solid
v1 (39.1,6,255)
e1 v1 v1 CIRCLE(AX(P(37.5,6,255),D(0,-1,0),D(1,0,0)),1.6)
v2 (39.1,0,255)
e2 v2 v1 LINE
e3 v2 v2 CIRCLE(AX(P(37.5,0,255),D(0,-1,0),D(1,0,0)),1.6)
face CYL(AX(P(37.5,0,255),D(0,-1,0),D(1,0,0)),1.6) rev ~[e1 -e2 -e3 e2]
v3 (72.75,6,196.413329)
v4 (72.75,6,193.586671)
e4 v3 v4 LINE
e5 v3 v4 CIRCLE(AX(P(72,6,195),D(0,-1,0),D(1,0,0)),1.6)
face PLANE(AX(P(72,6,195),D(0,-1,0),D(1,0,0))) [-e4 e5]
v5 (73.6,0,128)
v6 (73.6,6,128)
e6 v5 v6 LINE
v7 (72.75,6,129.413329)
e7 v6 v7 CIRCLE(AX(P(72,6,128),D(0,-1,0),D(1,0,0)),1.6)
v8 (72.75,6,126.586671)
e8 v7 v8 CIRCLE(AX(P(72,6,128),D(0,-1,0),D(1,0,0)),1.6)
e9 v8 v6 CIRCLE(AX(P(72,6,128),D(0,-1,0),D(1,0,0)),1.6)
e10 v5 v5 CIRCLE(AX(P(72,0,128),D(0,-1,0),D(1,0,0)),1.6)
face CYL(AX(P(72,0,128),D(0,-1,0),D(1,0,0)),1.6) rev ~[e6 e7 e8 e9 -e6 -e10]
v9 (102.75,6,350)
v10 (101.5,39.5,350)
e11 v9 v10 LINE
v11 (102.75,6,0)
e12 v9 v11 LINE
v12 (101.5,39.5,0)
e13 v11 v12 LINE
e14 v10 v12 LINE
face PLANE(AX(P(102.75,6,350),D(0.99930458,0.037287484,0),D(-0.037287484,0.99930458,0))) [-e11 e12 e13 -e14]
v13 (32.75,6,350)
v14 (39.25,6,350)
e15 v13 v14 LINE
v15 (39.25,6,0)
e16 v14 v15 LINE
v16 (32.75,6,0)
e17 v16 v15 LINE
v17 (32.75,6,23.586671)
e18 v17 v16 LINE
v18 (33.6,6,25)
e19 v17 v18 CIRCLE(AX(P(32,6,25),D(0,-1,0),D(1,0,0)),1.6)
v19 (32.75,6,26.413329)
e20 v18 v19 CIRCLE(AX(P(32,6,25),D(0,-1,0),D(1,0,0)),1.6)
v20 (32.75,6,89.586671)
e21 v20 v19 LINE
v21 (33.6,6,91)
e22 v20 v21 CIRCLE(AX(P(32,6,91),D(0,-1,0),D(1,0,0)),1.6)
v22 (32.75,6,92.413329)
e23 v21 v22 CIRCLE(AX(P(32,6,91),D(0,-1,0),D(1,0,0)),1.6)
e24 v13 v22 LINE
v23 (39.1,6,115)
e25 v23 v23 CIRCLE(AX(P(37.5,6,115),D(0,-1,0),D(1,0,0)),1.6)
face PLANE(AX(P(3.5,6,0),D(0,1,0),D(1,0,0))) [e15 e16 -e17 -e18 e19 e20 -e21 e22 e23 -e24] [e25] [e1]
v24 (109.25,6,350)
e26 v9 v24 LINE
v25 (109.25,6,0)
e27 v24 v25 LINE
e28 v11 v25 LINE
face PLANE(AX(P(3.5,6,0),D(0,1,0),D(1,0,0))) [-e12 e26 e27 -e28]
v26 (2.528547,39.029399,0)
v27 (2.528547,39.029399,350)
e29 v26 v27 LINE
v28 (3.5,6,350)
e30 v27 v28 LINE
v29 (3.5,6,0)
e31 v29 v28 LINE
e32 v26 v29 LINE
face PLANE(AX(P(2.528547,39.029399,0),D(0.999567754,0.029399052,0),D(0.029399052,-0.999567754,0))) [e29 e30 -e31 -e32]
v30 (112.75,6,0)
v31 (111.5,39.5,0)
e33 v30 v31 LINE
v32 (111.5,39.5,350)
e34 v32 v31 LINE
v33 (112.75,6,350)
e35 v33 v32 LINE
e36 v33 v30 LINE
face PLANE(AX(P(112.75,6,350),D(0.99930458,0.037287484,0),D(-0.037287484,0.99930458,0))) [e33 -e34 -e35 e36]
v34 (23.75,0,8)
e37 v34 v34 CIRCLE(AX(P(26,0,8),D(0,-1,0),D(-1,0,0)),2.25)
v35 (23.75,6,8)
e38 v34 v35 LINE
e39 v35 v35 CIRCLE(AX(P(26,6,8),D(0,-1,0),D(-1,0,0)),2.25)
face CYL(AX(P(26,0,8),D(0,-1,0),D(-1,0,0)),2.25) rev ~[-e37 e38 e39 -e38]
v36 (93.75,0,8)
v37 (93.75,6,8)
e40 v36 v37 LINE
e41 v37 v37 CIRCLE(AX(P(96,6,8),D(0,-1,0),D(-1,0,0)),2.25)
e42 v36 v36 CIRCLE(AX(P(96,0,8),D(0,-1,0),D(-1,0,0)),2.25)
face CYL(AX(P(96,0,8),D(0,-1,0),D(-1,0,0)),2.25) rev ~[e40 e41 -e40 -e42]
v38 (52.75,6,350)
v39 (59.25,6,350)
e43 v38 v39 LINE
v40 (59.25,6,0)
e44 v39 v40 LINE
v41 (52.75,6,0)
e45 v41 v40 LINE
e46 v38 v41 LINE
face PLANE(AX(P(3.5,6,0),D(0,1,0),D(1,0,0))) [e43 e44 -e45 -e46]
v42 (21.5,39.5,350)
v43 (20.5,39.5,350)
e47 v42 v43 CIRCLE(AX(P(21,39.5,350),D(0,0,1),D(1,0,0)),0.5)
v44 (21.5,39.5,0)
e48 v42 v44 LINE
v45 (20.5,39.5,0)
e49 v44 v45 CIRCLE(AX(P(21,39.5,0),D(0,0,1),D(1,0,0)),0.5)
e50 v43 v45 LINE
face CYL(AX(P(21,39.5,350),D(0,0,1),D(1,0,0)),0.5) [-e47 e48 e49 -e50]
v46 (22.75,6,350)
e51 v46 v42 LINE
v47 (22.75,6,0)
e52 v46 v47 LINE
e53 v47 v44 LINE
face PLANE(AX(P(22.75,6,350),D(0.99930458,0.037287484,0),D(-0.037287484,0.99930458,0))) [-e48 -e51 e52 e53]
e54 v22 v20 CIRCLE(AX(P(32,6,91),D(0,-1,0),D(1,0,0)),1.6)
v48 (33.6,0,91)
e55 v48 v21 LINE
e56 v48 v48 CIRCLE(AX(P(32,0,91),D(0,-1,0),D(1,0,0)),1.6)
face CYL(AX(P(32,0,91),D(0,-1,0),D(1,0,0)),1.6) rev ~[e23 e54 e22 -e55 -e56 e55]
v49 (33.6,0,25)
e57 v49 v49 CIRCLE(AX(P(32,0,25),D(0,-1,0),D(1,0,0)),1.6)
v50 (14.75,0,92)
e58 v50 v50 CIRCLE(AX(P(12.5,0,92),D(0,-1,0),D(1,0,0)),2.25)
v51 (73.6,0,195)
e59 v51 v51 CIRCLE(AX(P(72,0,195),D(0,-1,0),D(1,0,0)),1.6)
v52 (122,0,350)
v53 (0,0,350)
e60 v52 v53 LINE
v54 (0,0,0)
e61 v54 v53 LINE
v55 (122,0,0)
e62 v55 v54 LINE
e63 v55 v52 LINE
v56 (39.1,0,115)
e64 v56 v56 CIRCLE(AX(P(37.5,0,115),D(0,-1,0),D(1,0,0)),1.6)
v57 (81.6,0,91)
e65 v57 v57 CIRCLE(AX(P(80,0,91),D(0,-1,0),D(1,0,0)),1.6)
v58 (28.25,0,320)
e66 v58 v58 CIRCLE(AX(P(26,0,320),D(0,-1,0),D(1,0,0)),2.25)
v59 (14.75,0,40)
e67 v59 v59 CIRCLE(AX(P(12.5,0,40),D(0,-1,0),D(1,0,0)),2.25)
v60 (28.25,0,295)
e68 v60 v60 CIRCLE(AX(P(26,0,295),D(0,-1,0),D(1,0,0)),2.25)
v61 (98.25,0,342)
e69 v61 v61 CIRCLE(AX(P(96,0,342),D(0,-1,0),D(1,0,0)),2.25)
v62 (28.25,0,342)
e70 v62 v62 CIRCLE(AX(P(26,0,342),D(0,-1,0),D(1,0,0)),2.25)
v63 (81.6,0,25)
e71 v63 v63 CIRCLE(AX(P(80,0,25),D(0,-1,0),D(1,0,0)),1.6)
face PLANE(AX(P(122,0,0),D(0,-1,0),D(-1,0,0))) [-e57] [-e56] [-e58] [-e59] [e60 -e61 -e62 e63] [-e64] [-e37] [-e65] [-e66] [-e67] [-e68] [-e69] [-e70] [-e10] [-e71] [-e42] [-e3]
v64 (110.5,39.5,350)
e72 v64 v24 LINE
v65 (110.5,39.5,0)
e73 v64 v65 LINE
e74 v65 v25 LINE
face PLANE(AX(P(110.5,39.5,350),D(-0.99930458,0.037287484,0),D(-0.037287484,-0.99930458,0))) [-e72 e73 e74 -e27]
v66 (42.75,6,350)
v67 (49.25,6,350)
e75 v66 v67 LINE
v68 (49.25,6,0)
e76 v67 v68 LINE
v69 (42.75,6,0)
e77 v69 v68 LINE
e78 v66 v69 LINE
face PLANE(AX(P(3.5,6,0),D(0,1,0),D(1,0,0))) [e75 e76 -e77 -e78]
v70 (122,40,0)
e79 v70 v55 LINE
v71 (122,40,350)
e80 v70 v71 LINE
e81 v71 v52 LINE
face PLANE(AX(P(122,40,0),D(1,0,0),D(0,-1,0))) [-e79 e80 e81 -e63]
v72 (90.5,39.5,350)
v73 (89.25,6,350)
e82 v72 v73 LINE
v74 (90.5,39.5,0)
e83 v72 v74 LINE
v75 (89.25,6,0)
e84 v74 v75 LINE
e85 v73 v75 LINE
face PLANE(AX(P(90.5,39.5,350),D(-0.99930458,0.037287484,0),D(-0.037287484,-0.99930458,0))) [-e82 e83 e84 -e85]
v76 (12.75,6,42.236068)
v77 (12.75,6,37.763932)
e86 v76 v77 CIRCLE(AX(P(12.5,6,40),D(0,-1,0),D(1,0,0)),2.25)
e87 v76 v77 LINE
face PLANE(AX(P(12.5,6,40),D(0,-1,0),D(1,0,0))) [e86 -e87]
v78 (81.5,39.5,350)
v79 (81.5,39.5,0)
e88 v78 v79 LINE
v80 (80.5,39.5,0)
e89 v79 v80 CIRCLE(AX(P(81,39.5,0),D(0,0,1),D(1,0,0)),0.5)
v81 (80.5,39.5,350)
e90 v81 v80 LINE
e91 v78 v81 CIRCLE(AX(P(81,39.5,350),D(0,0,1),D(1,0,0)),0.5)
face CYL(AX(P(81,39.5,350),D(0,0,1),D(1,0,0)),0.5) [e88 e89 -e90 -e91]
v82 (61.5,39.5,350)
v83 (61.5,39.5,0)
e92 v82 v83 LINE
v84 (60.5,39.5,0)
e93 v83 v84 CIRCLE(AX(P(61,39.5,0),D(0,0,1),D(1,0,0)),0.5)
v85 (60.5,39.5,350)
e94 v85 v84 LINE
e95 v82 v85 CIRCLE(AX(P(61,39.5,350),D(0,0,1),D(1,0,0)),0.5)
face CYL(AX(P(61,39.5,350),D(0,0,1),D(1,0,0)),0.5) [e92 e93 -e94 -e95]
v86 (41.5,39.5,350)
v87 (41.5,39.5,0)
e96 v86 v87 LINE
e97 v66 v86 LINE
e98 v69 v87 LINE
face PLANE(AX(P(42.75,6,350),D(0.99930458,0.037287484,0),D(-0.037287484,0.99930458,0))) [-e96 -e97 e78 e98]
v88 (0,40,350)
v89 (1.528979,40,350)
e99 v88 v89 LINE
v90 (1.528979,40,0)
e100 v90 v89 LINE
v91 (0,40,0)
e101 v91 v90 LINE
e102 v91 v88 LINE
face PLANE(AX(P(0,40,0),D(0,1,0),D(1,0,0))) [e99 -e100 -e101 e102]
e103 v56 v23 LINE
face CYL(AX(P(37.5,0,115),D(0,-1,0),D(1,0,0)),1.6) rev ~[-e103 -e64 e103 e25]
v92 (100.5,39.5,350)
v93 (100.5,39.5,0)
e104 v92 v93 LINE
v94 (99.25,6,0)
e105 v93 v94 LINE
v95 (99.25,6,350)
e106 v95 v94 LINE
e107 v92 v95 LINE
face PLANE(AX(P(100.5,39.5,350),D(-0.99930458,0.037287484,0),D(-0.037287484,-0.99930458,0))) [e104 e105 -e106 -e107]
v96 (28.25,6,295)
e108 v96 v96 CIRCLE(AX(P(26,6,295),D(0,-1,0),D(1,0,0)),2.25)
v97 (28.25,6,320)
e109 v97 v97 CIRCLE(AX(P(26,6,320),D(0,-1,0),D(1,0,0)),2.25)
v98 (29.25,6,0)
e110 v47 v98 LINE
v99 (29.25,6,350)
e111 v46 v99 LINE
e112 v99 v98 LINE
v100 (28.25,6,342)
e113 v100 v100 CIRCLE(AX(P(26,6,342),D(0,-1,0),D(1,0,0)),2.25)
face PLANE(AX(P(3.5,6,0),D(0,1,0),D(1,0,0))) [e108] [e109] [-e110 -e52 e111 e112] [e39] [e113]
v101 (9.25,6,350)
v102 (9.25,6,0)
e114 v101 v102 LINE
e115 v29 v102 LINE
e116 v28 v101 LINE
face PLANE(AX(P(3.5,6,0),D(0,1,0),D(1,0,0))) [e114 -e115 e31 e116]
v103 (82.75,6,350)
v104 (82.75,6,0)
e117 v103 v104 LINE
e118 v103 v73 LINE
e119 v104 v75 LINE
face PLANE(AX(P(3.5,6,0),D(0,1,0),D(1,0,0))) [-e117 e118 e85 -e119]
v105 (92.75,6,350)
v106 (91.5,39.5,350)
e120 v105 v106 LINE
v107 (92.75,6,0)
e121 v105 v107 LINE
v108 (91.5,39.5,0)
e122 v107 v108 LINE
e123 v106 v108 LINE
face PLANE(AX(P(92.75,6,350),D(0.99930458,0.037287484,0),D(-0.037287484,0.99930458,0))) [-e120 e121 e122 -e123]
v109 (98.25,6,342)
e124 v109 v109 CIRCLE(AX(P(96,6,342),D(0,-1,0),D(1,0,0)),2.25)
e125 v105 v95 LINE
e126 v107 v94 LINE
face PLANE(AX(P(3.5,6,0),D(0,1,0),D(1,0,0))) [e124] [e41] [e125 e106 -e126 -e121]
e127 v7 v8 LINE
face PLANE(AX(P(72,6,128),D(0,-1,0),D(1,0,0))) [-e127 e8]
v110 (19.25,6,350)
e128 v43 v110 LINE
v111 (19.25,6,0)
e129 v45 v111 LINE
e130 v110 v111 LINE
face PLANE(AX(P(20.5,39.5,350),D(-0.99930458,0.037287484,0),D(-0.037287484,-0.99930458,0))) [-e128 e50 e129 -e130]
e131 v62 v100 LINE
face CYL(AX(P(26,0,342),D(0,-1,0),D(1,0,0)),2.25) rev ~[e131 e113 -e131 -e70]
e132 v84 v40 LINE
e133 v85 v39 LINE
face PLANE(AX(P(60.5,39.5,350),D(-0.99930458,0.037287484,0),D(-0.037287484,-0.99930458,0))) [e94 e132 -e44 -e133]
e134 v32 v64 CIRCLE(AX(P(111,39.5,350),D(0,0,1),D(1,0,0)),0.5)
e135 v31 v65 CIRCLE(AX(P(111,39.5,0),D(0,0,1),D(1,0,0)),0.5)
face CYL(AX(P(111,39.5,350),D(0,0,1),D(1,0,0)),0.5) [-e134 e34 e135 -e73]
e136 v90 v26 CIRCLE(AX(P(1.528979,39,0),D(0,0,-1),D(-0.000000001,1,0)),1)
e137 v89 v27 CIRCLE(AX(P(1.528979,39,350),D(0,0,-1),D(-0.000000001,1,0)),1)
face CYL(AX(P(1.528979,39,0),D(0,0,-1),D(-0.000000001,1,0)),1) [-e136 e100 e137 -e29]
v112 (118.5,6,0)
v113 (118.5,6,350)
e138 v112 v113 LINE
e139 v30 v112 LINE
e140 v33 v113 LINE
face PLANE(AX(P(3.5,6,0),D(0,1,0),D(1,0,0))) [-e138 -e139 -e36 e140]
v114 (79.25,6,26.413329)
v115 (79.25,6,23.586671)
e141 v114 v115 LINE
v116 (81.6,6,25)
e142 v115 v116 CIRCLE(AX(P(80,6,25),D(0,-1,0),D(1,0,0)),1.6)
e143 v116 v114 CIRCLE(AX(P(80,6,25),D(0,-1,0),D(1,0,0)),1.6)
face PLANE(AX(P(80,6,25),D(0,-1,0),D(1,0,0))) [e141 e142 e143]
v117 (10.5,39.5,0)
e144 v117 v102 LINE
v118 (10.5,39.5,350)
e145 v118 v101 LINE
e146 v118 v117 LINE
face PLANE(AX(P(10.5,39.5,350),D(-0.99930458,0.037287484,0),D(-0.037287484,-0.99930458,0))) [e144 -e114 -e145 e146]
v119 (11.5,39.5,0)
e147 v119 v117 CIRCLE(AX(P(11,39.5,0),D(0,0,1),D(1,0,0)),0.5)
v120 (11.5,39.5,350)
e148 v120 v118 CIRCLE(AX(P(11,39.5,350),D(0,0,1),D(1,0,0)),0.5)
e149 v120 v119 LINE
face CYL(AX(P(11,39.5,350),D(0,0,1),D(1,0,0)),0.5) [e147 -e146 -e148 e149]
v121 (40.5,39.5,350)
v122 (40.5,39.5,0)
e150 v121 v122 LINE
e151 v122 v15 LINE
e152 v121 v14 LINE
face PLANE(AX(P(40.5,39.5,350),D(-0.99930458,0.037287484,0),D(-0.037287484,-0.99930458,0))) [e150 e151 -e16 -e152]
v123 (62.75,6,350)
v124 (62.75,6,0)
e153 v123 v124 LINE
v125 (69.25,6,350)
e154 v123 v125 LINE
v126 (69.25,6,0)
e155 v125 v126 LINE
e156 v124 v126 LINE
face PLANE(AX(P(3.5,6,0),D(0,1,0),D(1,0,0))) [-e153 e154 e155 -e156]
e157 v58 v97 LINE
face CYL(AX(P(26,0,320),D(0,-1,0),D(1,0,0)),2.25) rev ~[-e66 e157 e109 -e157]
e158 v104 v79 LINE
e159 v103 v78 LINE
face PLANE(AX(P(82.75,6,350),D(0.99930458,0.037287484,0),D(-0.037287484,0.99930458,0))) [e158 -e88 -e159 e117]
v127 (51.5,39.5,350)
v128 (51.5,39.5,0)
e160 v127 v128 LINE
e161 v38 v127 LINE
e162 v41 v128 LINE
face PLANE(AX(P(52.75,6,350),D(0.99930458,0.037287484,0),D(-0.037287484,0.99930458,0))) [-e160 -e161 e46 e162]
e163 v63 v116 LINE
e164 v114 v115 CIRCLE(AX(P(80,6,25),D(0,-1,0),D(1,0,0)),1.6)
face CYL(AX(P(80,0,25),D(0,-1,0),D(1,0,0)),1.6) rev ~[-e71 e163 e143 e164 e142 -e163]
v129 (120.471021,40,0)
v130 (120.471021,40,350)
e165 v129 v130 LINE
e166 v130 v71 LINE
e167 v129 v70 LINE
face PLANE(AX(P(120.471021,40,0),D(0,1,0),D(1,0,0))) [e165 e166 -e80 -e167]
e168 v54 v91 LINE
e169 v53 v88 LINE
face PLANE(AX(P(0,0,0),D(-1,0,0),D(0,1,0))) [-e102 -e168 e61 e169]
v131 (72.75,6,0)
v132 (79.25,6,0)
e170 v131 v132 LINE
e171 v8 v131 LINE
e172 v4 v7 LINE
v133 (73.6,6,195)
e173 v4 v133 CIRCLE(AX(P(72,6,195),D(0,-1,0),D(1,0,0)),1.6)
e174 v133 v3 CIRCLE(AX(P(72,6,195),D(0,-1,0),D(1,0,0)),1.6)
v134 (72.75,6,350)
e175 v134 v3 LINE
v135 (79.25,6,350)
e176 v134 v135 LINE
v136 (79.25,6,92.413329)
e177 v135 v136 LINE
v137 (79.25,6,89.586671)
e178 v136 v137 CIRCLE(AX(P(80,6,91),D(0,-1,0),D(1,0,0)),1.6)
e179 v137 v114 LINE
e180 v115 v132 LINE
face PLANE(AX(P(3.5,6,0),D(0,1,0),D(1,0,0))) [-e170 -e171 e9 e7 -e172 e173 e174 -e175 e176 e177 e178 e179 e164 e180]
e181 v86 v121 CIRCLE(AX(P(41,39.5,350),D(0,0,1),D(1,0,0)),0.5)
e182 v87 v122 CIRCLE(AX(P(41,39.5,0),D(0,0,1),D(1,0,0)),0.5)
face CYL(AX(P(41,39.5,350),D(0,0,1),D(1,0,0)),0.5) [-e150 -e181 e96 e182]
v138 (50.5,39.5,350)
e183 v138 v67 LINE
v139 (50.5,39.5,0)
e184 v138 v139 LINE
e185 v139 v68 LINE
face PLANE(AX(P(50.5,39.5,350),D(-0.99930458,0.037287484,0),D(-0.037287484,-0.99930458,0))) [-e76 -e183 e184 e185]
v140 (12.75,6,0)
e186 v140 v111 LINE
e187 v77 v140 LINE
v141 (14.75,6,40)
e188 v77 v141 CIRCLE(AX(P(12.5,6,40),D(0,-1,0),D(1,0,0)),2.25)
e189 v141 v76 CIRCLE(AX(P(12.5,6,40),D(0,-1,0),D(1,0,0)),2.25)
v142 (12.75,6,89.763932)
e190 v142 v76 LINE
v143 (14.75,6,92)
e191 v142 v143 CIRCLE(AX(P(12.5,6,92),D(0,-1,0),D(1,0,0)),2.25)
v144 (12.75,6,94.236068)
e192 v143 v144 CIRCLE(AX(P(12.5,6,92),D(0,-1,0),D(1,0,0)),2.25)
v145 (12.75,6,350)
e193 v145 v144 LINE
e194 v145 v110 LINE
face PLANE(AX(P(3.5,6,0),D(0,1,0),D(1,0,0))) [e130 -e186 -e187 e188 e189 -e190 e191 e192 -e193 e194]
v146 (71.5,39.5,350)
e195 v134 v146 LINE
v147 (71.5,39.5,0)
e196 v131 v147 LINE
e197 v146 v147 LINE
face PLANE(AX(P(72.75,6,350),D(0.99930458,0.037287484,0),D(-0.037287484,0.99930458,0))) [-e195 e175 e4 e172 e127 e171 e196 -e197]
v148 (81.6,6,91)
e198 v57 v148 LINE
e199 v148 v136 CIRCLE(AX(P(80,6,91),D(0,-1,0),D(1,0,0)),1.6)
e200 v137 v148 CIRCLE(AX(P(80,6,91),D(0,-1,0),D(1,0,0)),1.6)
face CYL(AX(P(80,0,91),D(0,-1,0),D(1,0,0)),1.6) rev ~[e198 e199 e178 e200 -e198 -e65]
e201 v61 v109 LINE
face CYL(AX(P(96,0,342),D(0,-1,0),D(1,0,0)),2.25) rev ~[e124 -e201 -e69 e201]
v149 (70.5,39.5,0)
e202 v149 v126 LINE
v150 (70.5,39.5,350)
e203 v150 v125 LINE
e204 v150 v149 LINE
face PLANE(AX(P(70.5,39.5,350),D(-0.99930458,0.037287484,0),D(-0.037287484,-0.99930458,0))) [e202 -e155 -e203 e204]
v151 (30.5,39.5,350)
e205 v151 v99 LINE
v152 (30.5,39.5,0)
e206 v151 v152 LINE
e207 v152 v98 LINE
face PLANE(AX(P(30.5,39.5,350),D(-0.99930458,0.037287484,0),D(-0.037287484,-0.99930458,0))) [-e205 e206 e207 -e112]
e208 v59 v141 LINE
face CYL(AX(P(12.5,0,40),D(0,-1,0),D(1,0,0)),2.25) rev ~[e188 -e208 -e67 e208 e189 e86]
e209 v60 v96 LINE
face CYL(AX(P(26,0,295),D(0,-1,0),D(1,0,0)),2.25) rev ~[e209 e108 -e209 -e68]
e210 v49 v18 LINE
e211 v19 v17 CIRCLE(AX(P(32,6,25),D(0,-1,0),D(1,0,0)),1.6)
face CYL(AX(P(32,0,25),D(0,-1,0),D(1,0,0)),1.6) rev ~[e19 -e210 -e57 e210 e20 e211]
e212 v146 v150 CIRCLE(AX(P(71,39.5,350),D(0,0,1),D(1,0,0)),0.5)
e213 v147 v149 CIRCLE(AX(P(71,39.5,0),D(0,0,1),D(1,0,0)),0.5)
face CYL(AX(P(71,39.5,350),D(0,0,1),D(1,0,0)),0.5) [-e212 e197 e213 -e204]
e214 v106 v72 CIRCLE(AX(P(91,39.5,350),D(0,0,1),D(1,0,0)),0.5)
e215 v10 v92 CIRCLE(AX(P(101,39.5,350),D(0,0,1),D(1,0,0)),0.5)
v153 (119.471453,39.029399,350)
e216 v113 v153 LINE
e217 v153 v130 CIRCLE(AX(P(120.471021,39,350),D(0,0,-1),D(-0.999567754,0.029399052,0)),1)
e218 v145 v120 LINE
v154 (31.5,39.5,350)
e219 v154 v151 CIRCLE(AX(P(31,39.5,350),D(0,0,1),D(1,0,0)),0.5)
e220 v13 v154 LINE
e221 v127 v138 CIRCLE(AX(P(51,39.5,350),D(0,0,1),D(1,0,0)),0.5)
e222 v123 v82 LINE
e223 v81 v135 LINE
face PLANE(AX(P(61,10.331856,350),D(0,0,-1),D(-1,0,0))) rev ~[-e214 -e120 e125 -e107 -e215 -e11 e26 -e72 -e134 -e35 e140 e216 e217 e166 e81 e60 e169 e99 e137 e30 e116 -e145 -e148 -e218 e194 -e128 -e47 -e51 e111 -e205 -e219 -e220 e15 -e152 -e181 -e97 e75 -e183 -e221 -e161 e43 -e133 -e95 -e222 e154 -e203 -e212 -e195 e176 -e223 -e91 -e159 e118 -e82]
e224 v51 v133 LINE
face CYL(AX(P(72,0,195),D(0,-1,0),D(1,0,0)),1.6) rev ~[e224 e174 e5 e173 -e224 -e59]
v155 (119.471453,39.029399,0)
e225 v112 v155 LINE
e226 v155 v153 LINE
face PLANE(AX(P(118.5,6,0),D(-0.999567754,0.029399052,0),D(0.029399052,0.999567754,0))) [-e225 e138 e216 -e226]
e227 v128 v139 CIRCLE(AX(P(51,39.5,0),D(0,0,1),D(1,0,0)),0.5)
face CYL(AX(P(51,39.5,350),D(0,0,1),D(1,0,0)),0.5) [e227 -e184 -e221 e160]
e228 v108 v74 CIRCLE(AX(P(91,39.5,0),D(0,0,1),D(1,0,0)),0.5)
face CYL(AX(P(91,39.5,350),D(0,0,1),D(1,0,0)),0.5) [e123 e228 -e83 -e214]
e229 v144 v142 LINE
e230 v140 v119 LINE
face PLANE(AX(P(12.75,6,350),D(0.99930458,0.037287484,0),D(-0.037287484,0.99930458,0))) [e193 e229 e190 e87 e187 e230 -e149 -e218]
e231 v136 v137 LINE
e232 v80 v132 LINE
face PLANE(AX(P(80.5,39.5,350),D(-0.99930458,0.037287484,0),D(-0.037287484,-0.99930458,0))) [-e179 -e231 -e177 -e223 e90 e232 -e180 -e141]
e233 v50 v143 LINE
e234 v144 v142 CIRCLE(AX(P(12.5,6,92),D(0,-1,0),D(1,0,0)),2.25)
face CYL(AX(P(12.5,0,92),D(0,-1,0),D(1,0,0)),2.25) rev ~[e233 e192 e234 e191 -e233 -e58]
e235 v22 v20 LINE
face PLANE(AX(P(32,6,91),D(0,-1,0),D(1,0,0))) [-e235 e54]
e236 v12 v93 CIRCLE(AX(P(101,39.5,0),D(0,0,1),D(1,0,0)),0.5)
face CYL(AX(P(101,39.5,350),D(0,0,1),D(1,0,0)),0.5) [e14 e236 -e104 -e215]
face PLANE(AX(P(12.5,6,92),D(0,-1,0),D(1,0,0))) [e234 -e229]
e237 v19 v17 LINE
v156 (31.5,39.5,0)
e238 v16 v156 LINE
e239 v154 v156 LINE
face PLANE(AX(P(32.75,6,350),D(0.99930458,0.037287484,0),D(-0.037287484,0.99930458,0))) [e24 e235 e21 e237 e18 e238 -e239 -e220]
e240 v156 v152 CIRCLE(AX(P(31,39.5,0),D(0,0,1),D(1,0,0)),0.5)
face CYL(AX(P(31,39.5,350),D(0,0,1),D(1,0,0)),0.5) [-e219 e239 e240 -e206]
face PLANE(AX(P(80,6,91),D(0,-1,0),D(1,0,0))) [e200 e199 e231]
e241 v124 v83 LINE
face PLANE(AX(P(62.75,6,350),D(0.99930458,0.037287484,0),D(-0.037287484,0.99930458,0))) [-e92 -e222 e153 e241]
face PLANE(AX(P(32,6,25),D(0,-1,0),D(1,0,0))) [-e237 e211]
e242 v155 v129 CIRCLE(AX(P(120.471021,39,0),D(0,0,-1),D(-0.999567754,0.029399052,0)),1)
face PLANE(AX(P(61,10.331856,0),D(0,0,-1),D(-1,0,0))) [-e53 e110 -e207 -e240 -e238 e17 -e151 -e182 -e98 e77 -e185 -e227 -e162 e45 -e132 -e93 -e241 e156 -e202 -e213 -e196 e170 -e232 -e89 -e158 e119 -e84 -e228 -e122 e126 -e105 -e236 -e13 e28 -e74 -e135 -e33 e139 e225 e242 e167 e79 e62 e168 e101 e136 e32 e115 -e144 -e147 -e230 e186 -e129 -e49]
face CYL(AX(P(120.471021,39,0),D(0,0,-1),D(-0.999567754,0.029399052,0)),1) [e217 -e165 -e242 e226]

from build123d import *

# Parameters (mm, degrees)
EXTRUDE_1_DEPTH       = 350
EXTRUDE_3_DEPTH       = 350
PATTERN_CURVE_1_COUNT = 11
PATTERN_CURVE_1_PITCH = 10
SKETCH_3_R            = 2.25
CUT_EXTRUDE_1_DEPTH   = 6
SKETCH_4_R            = 2.25
SKETCH_4_R_2          = 1.6
CUT_EXTRUDE_2_DEPTH   = 6


with BuildPart() as part:
    # Эскиз1 → Вытянуть1 (new body)
    with BuildSketch(Plane.XY):
        with BuildLine():
            Line((0, 40), (1.528979332, 40))
            ThreePointArc((1.528979332, 40), (2.225614441, 39.717425624), (2.528547087, 39.029399052))
            Line((2.528547087, 39.029399052), (3.5, 6))
            Line((3.5, 6), (118.5, 6))
            Line((118.5, 6), (119.471452913, 39.029399052))
            ThreePointArc((119.471452913, 39.029399052), (119.774385559, 39.717425624), (120.471020668, 40))
            Line((120.471020668, 40), (122, 40))
            Line((122, 40), (122, 0))
            Line((122, 0), (0, 0))
            Line((0, 0), (0, 40))
        make_face()
    extrude(amount=EXTRUDE_1_DEPTH)

    # Эскиз2 → Вытянуть3 (add)
    with BuildSketch(Plane.XY.offset(350)):
        with BuildLine():
            Line((10.5, 39.5), (9.25, 6))
            Line((9.25, 6), (12.75, 6))
            Line((12.75, 6), (11.5, 39.5))
            ThreePointArc((11.5, 39.5), (11, 40), (10.5, 39.5))
        make_face()
    extrude_3 = extrude(amount=-EXTRUDE_3_DEPTH)

    # Кривая1: Вытянуть3 ×11
    with Locations(*[(i * PATTERN_CURVE_1_PITCH, 0, 0) for i in range(1, PATTERN_CURVE_1_COUNT)]):
        add(extrude_3)

    # Эскиз3 → Вырез-Вытянуть1 (cut)
    with BuildSketch(Plane.XZ):
        with Locations((26, 342)):
            Circle(SKETCH_3_R)
        with Locations((96, 342)):
            Circle(SKETCH_3_R)
        with Locations(Location((96, 8, 0), (0, 0, 180))):
            Circle(SKETCH_3_R)
        with Locations(Location((26, 8, 0), (0, 0, 180))):
            Circle(SKETCH_3_R)
    extrude(amount=-CUT_EXTRUDE_1_DEPTH, mode=Mode.SUBTRACT)

    # Эскиз4 → Вырез-Вытянуть2 (cut)
    with BuildSketch(Plane.XZ):
        with Locations((12.5, 40)):
            Circle(SKETCH_4_R)
        with Locations((12.5, 92)):
            Circle(SKETCH_4_R)
        with Locations((32, 25)):
            Circle(SKETCH_4_R_2)
        with Locations((80, 25)):
            Circle(SKETCH_4_R_2)
        with Locations((80, 91)):
            Circle(SKETCH_4_R_2)
        with Locations((32, 91)):
            Circle(SKETCH_4_R_2)
        with Locations((37.5, 115)):
            Circle(SKETCH_4_R_2)
        with Locations((37.5, 255)):
            Circle(SKETCH_4_R_2)
        with Locations((72, 128)):
            Circle(SKETCH_4_R_2)
        with Locations((72, 195)):
            Circle(SKETCH_4_R_2)
        with Locations((26, 295)):
            Circle(SKETCH_4_R)
        with Locations((26, 320)):
            Circle(SKETCH_4_R)
    extrude(amount=-CUT_EXTRUDE_2_DEPTH, mode=Mode.SUBTRACT)


solid = part.part
